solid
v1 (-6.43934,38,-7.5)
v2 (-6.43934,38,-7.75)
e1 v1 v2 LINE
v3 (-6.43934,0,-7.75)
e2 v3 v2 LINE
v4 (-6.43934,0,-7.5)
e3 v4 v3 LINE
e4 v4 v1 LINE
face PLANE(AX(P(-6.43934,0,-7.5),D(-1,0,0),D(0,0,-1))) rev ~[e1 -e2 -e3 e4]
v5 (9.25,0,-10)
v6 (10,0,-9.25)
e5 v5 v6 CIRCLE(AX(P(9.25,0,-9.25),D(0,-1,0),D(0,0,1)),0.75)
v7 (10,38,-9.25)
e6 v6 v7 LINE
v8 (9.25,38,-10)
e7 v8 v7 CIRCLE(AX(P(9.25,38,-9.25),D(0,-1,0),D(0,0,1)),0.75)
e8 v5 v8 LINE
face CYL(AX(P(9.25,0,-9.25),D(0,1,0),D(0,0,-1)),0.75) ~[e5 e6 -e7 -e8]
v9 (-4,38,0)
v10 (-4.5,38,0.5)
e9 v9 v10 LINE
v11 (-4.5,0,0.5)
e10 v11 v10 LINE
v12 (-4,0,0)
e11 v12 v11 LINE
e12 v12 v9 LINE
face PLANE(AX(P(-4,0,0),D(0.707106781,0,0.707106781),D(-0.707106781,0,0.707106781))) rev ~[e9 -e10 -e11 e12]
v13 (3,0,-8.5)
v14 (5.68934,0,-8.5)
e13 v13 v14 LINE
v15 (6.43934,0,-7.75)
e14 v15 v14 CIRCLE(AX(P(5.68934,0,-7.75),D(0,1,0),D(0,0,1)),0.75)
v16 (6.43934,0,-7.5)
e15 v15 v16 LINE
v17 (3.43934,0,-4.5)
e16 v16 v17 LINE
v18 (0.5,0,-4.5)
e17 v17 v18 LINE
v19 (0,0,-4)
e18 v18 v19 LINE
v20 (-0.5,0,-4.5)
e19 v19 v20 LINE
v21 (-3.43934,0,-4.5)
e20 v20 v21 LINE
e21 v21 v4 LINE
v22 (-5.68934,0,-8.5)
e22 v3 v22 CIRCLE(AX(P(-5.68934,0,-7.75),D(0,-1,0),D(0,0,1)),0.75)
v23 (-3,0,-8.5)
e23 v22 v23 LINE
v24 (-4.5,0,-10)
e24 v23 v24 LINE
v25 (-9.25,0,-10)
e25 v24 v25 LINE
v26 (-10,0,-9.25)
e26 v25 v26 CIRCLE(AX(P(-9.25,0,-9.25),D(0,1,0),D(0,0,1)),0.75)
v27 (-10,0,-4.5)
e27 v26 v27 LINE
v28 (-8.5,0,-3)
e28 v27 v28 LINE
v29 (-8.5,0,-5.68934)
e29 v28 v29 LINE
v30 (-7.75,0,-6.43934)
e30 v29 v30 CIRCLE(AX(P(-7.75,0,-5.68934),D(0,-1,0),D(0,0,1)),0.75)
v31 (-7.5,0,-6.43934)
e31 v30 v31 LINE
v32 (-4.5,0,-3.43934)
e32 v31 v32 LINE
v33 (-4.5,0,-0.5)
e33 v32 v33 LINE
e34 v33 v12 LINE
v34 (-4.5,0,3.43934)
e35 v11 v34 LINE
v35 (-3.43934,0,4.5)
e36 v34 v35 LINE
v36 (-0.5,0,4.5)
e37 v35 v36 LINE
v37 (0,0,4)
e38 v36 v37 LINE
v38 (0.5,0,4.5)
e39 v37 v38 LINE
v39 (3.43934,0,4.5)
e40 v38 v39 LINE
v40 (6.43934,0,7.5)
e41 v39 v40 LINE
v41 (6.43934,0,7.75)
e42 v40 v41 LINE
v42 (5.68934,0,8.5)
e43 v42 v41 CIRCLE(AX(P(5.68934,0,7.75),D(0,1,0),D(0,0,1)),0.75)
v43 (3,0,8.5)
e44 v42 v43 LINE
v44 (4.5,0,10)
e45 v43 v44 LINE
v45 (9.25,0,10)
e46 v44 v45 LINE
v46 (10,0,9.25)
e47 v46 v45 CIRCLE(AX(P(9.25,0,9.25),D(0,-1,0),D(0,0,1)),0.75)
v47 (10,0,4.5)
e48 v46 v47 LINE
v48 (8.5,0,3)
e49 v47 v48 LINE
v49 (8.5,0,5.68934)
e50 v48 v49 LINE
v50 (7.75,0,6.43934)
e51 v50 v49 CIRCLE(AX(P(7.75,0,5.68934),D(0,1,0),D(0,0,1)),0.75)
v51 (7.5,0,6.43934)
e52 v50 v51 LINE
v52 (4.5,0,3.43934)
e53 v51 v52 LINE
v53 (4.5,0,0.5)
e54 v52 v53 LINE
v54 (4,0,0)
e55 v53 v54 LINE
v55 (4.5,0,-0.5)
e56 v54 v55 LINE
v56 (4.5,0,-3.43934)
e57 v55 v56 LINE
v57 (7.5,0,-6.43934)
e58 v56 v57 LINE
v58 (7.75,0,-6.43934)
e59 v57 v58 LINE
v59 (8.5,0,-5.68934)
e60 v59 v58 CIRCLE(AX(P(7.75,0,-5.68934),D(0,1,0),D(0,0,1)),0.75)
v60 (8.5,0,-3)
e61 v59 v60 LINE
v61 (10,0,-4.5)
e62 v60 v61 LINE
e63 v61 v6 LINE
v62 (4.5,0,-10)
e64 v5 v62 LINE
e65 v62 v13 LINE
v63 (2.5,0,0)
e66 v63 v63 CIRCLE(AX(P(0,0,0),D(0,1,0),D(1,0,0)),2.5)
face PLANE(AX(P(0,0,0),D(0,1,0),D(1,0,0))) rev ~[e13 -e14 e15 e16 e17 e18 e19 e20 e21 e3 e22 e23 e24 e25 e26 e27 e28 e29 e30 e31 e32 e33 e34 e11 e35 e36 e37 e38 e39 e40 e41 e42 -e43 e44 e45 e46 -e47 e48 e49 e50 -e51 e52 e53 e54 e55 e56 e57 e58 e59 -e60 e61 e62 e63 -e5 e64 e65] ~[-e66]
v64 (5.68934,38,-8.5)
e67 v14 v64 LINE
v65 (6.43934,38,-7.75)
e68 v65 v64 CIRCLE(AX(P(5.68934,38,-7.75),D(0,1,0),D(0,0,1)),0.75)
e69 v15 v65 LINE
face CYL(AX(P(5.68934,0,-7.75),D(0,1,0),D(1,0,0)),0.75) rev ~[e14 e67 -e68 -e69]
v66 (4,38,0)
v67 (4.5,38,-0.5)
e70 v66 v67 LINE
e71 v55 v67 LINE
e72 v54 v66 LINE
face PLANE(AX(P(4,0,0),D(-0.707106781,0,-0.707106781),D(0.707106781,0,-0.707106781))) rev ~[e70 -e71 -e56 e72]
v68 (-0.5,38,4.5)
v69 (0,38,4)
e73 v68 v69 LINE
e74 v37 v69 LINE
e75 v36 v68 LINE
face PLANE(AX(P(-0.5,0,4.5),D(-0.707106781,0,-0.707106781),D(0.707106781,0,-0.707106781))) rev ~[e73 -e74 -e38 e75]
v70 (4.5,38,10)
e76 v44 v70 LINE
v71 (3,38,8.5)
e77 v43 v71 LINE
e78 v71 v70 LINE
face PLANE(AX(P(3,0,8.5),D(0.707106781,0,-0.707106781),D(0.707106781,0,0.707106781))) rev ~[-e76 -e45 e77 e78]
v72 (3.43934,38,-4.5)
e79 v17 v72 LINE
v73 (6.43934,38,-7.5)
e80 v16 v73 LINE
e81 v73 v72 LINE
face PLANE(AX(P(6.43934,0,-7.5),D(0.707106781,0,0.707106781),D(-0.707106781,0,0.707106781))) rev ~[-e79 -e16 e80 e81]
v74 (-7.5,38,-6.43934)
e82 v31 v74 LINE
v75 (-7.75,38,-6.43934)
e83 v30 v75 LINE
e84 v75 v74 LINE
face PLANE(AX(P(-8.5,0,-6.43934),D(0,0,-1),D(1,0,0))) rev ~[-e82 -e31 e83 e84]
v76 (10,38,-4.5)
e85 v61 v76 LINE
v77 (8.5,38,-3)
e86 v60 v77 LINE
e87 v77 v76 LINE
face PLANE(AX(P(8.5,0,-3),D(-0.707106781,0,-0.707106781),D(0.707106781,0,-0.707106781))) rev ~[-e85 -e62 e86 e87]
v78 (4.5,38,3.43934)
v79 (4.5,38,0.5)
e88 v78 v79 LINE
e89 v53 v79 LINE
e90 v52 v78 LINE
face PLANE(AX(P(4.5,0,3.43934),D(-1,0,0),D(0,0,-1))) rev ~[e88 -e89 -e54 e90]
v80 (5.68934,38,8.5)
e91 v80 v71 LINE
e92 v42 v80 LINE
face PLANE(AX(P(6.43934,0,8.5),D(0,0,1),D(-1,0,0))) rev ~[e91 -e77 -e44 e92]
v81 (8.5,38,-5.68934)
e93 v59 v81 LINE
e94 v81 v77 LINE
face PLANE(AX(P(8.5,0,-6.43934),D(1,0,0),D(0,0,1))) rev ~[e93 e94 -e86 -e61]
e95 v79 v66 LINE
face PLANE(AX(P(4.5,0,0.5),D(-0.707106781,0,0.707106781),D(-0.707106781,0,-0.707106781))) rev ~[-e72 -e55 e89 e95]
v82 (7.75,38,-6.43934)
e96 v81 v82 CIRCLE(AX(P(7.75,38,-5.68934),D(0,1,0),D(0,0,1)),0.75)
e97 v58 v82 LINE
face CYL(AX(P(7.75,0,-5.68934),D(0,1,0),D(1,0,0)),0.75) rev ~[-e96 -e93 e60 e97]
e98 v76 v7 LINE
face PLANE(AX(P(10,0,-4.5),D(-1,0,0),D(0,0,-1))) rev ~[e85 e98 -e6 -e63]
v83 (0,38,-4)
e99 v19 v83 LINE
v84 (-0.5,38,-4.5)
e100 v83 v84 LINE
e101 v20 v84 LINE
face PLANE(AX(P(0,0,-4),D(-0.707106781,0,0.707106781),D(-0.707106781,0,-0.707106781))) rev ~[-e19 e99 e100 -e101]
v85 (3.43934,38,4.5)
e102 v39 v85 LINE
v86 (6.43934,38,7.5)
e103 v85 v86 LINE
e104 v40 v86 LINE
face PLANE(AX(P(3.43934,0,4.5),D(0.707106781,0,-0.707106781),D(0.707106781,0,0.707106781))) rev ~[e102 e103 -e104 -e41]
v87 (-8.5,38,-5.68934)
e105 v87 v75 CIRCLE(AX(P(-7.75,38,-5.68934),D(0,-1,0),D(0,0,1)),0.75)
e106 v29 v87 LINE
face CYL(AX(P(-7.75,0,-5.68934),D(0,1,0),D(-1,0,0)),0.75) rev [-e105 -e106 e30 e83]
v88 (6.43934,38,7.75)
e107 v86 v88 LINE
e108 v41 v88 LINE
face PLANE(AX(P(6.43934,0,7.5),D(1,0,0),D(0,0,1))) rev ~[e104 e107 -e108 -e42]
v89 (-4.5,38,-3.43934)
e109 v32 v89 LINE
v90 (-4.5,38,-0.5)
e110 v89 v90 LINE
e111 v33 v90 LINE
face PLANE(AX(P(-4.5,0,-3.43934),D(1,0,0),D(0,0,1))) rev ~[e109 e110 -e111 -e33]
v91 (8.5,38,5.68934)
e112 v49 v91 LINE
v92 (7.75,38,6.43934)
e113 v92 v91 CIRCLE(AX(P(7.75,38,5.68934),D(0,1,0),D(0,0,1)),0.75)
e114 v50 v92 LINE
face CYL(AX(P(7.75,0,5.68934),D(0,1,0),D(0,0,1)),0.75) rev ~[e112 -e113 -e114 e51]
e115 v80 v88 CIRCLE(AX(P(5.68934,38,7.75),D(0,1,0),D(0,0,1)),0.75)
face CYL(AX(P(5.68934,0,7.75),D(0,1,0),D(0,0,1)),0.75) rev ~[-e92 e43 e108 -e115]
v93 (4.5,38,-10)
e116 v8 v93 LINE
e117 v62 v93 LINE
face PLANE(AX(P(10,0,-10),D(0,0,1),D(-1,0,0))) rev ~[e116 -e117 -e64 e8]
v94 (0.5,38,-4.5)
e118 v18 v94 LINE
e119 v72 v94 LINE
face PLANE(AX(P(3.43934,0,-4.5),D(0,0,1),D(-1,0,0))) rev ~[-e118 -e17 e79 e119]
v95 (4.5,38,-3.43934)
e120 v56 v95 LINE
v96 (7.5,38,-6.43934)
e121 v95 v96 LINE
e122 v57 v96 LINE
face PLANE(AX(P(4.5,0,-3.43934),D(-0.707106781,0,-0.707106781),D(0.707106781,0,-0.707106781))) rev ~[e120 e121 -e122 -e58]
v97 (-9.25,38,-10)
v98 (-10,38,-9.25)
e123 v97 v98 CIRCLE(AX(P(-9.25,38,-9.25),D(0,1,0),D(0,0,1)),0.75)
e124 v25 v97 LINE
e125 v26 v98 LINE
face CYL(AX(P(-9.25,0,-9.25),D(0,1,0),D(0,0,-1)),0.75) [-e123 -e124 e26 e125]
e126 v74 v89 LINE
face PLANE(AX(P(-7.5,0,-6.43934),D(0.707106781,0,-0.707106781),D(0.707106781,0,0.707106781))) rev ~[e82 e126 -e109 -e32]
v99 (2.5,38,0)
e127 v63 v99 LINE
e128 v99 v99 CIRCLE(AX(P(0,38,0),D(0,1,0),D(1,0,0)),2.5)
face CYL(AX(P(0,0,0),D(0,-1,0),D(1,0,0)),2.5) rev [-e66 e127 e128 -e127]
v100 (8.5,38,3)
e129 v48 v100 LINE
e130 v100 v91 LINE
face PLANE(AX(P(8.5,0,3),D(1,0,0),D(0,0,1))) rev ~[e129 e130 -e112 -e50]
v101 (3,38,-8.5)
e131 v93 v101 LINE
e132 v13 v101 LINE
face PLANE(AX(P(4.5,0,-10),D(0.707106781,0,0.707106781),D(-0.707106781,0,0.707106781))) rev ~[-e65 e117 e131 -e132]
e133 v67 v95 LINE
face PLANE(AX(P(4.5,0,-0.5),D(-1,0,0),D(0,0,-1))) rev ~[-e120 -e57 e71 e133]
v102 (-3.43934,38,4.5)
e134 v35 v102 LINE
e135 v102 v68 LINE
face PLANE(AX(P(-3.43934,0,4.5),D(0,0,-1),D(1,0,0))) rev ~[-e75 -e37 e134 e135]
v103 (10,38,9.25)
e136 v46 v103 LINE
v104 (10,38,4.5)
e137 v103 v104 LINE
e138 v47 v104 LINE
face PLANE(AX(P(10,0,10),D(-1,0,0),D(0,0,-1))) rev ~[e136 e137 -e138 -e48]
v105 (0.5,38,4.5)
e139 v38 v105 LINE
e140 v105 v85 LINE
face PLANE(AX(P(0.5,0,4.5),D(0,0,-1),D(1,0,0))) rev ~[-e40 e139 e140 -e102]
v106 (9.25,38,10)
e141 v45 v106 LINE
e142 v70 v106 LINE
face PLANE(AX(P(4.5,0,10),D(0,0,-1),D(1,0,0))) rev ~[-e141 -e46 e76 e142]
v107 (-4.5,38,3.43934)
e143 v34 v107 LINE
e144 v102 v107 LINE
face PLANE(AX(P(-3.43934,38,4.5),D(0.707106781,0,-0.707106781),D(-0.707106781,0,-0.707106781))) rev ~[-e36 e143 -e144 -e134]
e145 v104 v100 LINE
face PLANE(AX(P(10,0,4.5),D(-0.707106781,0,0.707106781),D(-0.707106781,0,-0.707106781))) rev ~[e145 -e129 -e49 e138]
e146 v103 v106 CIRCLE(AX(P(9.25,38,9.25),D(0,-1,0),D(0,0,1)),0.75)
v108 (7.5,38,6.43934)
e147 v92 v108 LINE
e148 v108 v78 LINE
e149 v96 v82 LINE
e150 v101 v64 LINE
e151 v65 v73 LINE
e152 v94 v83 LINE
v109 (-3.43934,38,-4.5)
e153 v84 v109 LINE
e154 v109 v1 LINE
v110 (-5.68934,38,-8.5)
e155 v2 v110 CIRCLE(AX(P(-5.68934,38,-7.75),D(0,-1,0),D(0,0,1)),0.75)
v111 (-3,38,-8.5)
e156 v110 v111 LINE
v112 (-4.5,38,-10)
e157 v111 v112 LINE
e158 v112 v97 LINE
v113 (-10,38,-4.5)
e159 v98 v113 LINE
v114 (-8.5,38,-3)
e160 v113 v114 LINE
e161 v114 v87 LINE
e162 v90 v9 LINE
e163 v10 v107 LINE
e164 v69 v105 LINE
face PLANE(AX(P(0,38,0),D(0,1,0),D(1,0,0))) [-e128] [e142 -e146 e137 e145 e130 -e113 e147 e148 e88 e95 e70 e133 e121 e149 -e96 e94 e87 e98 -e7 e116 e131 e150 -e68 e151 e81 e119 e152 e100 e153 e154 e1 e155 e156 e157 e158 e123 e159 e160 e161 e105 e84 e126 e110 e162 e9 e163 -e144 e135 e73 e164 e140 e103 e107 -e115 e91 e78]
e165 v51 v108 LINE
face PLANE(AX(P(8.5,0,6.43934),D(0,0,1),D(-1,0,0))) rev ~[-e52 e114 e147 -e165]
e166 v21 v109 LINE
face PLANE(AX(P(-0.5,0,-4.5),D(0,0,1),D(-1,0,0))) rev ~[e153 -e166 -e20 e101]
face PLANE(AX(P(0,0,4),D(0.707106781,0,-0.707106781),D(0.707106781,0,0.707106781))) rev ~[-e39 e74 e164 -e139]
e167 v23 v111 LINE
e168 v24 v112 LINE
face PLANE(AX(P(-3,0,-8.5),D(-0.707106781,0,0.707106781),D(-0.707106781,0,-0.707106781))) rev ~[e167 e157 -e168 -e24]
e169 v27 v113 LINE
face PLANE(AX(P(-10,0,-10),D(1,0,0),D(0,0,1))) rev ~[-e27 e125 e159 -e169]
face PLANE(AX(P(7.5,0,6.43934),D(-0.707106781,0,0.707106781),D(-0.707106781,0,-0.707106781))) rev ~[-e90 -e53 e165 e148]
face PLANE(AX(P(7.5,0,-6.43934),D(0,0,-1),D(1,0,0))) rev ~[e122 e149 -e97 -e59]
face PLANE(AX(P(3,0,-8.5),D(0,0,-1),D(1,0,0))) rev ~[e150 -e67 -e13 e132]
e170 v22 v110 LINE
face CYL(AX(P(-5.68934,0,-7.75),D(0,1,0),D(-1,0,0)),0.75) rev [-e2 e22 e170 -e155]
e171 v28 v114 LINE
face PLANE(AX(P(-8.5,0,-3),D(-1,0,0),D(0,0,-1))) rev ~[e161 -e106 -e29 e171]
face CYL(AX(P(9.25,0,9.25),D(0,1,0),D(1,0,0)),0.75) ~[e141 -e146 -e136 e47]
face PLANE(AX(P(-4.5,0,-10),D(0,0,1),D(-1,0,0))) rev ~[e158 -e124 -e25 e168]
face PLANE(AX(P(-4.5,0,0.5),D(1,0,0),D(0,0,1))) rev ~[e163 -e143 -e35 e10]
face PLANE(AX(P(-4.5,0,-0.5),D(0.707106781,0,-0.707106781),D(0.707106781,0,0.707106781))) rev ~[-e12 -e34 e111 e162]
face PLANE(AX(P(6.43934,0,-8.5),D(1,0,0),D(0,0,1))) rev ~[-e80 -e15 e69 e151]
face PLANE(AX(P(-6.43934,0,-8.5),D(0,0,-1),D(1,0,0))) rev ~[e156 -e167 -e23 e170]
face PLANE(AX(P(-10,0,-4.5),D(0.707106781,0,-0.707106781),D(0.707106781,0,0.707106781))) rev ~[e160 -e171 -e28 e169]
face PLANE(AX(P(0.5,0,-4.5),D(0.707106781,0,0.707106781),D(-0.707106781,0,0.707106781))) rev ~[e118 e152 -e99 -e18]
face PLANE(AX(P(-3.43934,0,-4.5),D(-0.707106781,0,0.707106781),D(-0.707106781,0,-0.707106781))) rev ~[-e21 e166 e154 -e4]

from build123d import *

# Parameters (mm, degrees)
ESQUISSE1_R      = 2.5
EXTRUSION1_DEPTH = 38
CONG_1_R         = 0.75
EXTRUSION2_REACH = 40


with BuildPart() as part:
    # Esquisse1 → Extrusion1 (new body)
    with BuildSketch(Plane(origin=(0, 0, 0), x_dir=(1, 0, 0), z_dir=(0, 1, 0))):
        Polygon((0, 4), (-0.5, 4.5), (-3.439339828, 4.5), (-6.439339828, 7.5), (-6.439339828, 8.5), (-3, 8.5), (-4.5, 10), (-10, 10), (-10, 4.5), (-8.5, 3), (-8.5, 6.439339828), (-7.5, 6.439339828), (-4.5, 3.439339828), (-4.5, 0.5), (-4, 0), (-4.5, -0.5), (-4.5, -3.439339828), (-7.5, -6.439339828), (-8.5, -6.439339828), (-8.5, -3), (-10, -4.5), (-10, -10), (-4.5, -10), (-3, -8.5), (-6.439339828, -8.5), (-6.439339828, -7.5), (-3.439339828, -4.5), (-0.5, -4.5), (0, -4), (0.5, -4.5), (3.439339828, -4.5), (6.439339828, -7.5), (6.439339828, -8.5), (3, -8.5), (4.5, -10), (10, -10), (10, -4.5), (8.5, -3), (8.5, -6.439339828), (7.5, -6.439339828), (4.5, -3.439339828), (4.5, -0.5), (4, 0), (4.5, 0.5), (4.5, 3.439339828), (7.5, 6.439339828), (8.5, 6.439339828), (8.5, 3), (10, 4.5), (10, 10), (4.5, 10), (3, 8.5), (6.439339828, 8.5), (6.439339828, 7.5), (3.439339828, 4.5), (0.5, 4.5), align=None)
        Circle(ESQUISSE1_R, mode=Mode.SUBTRACT)
    extrude(amount=EXTRUSION1_DEPTH)

    # Congé1
    cong_1_edges = [part.edges().sort_by_distance(p)[0] for p in [
        (6.439339828, 19, -8.5),
        (10, 19, -10),
        (8.5, 19, -6.439339828),
        (8.5, 19, 6.439339828),
        (10, 19, 10),
        (6.439339828, 19, 8.5),
        (-6.439339828, 19, 8.5),
        (-10, 19, 10),
        (-8.5, 19, 6.439339828),
        (-8.5, 19, -6.439339828),
        (-10, 19, -10),
        (-6.439339828, 19, -8.5),
    ]]
    fillet(cong_1_edges, radius=CONG_1_R)

    # Esquisse2 → Extrusion2 (cut, up to next)
    with BuildSketch(Plane(origin=(0, 38, 0), x_dir=(1, 0, 0), z_dir=(0, 1, 0)), mode=Mode.PRIVATE) as extrusion2_sk1:
        Polygon((-3.439339828, -4.5), (-4.5, -3.439339828), (-8.5, -3), (-10, -4.5), (-10, -10), (-4.5, -10), (-3, -8.5), align=None)
    extrusion2_tool1 = extrude(extrusion2_sk1.sketch, amount=-EXTRUSION2_REACH, mode=Mode.PRIVATE) & part.part
    add(extrusion2_tool1.solids().sort_by_distance((-6.693883, 38, 6.693883))[0], mode=Mode.SUBTRACT)


solid = part.part
